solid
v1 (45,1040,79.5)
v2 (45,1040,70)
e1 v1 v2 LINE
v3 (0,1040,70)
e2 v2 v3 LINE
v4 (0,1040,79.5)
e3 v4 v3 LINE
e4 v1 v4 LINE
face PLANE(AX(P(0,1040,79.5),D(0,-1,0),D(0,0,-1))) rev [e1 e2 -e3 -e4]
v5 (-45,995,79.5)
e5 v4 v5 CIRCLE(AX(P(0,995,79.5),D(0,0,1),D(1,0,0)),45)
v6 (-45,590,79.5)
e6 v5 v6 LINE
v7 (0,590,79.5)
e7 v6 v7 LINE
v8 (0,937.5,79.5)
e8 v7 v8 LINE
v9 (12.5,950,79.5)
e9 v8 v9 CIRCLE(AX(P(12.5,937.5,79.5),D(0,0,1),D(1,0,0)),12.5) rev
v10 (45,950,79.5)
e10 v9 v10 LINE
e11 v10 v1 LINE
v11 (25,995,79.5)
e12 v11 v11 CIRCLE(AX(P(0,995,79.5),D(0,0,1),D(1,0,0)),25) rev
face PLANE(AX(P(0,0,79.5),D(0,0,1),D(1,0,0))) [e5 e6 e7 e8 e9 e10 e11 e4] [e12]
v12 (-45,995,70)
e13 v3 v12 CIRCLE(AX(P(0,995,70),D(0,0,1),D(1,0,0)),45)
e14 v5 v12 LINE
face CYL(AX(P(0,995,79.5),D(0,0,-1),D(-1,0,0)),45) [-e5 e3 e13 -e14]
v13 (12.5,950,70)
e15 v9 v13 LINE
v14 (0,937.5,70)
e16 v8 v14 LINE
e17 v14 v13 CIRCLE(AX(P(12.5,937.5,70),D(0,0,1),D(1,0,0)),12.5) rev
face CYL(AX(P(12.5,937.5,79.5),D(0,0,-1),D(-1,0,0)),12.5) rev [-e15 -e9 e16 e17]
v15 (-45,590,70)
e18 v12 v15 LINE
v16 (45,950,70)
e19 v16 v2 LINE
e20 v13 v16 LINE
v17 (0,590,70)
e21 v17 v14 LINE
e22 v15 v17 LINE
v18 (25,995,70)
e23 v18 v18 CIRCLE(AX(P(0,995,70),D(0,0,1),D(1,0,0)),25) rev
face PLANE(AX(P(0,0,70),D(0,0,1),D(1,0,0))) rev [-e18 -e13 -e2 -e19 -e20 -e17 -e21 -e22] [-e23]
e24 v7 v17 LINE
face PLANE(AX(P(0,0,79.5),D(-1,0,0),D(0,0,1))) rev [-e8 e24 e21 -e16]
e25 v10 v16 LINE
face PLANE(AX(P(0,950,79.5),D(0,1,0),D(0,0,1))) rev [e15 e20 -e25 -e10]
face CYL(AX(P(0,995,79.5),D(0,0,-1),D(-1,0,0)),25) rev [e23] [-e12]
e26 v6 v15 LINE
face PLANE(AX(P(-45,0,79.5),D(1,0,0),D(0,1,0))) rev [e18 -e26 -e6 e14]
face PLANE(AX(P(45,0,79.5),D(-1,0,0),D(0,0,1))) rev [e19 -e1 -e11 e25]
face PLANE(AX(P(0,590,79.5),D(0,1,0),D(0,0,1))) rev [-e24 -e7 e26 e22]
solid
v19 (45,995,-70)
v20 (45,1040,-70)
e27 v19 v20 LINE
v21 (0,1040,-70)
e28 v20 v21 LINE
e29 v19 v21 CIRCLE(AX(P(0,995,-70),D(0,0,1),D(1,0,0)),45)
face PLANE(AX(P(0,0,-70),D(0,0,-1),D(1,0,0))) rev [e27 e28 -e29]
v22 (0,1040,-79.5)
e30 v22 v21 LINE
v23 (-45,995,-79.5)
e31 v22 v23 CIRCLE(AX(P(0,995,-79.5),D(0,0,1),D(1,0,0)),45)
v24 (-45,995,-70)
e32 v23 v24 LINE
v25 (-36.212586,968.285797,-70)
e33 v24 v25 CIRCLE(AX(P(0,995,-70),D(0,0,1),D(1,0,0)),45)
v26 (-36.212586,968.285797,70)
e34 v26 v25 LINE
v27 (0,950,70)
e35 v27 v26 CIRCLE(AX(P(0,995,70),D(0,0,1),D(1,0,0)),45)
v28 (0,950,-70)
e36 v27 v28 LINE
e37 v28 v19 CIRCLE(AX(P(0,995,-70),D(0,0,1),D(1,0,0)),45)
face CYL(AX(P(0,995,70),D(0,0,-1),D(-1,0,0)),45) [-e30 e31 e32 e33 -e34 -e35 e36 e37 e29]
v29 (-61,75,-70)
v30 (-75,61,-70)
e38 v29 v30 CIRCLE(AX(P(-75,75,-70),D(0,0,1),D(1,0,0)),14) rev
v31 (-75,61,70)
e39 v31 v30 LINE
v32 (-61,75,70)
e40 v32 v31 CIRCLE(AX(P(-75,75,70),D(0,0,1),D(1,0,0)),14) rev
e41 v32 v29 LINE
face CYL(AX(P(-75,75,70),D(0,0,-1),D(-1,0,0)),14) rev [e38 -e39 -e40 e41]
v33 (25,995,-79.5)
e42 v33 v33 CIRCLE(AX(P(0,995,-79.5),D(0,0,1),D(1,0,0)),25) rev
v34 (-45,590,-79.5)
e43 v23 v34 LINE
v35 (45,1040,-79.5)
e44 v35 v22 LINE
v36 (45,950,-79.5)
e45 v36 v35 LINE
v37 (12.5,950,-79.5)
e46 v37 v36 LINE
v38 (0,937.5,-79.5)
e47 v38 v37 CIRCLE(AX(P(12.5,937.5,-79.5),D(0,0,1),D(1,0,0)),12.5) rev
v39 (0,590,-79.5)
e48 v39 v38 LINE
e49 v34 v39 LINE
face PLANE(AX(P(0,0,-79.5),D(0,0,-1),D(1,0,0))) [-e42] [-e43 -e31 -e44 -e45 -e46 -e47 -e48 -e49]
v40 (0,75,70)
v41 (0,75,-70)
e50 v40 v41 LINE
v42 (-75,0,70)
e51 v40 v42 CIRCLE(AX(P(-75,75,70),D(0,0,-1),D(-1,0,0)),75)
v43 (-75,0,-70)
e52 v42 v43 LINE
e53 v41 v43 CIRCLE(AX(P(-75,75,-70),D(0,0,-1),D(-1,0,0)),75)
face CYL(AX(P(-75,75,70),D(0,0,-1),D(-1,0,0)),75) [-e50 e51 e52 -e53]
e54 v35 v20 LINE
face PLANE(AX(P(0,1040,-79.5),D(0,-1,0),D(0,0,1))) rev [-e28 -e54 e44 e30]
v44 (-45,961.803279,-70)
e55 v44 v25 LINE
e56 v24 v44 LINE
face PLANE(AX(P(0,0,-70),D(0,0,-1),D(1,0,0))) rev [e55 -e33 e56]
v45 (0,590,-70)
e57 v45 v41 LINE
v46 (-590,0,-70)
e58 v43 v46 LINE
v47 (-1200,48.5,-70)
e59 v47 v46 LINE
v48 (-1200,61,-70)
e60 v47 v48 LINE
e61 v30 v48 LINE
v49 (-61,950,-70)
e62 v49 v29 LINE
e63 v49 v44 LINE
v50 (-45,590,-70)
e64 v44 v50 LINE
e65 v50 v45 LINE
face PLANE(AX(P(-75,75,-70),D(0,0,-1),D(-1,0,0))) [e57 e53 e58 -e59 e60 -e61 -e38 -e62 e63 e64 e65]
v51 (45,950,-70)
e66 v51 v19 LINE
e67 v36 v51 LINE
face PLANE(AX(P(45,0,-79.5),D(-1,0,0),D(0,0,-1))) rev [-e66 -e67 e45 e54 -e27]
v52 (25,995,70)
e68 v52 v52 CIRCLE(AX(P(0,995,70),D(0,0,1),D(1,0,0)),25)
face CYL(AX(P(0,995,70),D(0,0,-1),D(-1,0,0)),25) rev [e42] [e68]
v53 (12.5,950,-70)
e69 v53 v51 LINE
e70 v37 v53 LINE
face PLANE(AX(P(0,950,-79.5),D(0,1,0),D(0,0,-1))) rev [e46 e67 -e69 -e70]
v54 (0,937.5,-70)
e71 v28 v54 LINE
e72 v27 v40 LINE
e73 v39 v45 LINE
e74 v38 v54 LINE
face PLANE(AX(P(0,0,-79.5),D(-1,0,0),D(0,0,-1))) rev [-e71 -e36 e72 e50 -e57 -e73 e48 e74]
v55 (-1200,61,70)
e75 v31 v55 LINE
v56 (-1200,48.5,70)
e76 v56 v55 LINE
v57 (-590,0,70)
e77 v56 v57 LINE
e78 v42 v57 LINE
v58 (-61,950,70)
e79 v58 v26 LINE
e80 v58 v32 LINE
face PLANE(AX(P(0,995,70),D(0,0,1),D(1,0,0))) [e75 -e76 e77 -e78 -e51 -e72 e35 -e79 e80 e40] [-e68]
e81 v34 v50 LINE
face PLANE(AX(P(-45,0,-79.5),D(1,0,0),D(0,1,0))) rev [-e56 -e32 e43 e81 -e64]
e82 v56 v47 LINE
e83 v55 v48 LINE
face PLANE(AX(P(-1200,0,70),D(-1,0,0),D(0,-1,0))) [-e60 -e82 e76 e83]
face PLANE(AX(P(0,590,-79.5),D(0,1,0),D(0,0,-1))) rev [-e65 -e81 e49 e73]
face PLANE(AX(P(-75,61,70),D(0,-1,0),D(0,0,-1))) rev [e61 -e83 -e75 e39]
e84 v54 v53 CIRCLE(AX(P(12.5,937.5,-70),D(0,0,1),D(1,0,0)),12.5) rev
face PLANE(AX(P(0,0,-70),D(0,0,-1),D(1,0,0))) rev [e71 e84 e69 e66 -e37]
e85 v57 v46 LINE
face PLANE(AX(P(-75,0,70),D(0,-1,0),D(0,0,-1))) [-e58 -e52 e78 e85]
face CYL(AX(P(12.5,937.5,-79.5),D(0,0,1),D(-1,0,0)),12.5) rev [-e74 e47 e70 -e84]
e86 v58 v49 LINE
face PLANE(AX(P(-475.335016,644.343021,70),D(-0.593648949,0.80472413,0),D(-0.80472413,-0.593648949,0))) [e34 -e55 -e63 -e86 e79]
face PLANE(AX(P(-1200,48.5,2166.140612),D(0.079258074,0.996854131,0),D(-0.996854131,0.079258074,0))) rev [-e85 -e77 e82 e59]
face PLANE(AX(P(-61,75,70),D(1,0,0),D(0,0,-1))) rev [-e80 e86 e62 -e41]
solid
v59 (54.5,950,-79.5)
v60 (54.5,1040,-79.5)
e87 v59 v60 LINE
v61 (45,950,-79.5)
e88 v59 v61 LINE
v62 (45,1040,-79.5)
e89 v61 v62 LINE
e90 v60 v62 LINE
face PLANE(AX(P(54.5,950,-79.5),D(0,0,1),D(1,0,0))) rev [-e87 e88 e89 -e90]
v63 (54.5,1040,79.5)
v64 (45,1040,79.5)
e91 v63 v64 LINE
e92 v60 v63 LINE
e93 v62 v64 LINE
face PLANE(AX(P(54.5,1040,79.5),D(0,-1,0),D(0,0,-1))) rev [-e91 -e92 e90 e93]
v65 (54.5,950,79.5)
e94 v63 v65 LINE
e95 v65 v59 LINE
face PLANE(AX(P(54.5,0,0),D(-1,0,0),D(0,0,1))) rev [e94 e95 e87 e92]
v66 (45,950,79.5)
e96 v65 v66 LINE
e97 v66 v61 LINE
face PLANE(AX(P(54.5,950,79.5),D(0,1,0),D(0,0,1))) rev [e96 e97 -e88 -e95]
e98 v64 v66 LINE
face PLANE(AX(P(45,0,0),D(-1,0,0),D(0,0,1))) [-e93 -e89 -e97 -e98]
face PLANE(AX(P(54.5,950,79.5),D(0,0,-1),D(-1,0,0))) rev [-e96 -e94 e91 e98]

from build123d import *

# Parameters (mm, degrees)
EXTRUDE_THIN1_DEPTH     = 70
CUT_EXTRUDE2_DEPTH      = 1537.912489376
CUT_EXTRUDE2_DEPTH_BACK = 1537.912489376
SKETCH3_R               = 45
SKETCH3_R_2             = 25
BOSS_EXTRUDE1_DEPTH     = 70
BOSS_EXTRUDE2_DEPTH     = 70
SKETCH5_R               = 45
SKETCH5_R_2             = 25
BOSS_EXTRUDE3_DEPTH     = 9.5
SKETCH6_W               = 159
SKETCH6_H               = 90
BOSS_EXTRUDE4_DEPTH     = 9.5


with BuildPart() as part:
    # Sketch1 → Extrude-Thin1 (new, symmetric)
    with BuildSketch(Plane.XY):
        with BuildLine():
            Line((-1200, 0), (-75, 0))
            ThreePointArc((-75, 0), (-21.966991411, 21.966991411), (0, 75))
            Line((0, 75), (0, 950))
            Line((0, 950), (-61, 950))
            Line((-61, 950), (-61, 75))
            ThreePointArc((-61, 75), (-65.100505063, 65.100505063), (-75, 61))
            Line((-75, 61), (-1200, 61))
            Line((-1200, 61), (-1200, 0))
        make_face()
    extrude(amount=EXTRUDE_THIN1_DEPTH, both=True)

    # Sketch2 → Cut-Extrude2 (cut, two sides: drawn at the far end of the back side and taken through both)
    with BuildSketch(Plane.XY.offset(70).offset(-CUT_EXTRUDE2_DEPTH_BACK)):
        Polygon((-4202.326226889, 287.209544269), (-1200, 48.5), (-590, 0), (2412.326226889, -238.709544269), (1934.907138351, -6243.361998046), (-4679.745315427, -5717.442909508), align=None)
    extrude(amount=CUT_EXTRUDE2_DEPTH + CUT_EXTRUDE2_DEPTH_BACK, mode=Mode.SUBTRACT)


with BuildPart() as body_2:
    # Sketch3 → Boss-Extrude1 (new, symmetric)
    with BuildSketch(Plane.XY):
        with Locations((0, 995)):
            Circle(SKETCH3_R)
        with Locations((0, 995)):
            Circle(SKETCH3_R_2, mode=Mode.SUBTRACT)
    extrude(amount=BOSS_EXTRUDE1_DEPTH, both=True)


with BuildPart() as body_3:
    # Sketch4 → Boss-Extrude2 (new, symmetric)
    with BuildSketch(Plane.XY):
        with BuildLine():
            Line((-36.212585863, 968.285797314), (-61, 950))
            Line((-61, 950), (0, 950))
            ThreePointArc((0, 950), (-20.283748164, 954.830738612), (-36.212585863, 968.285797314))
        make_face()
    extrude(amount=BOSS_EXTRUDE2_DEPTH, both=True)


with BuildPart() as body_4:
    # Sketch5 → Boss-Extrude3 (new body)
    # profile 1 of 3: a face of its own
    with BuildSketch(Plane.XY.offset(70)):
        with Locations((0, 995)):
            Circle(SKETCH5_R)
        with Locations((0, 995)):
            Circle(SKETCH5_R_2, mode=Mode.SUBTRACT)
    # profile 2 of 3: a face of its own
    with BuildSketch(Plane.XY.offset(70)):
        with BuildLine():
            Line((45, 1040), (0, 1040))
            ThreePointArc((0, 1040), (31.819805153, 1026.819805153), (45, 995))
            Line((45, 995), (45, 1040))
        make_face()
    # profile 3 of 3: a face of its own
    with BuildSketch(Plane.XY.offset(70)):
        with BuildLine():
            ThreePointArc((45, 995), (0, 950), (-45, 995))
            Line((-45, 995), (-45, 590))
            Line((-45, 590), (0, 590))
            Line((0, 590), (0, 937.5))
            ThreePointArc((0, 937.5), (3.661165235, 946.338834765), (12.5, 950))
            Line((12.5, 950), (45, 950))
            Line((45, 950), (45, 995))
        make_face()
    boss_extrude3 = extrude(amount=BOSS_EXTRUDE3_DEPTH)


with BuildPart() as part_1:
    add(part.part)

    add(body_2.part)  # Mirror2 merges body 2

    add(body_3.part)  # Mirror2 merges body 3
    # Mirror2: Boss-Extrude3 across plane
    add(boss_extrude3.mirror(Plane.XY))


with BuildPart() as body_3_2:
    # Sketch6 → Boss-Extrude4 (new body)
    with BuildSketch(Plane(origin=(45, 0, 0), x_dir=(0, 0, -1), z_dir=(1, 0, 0))):
        with Locations((0, 995)):
            Rectangle(SKETCH6_W, SKETCH6_H)
    extrude(amount=BOSS_EXTRUDE4_DEPTH)


solid = Compound([body_4.part, part_1.part, body_3_2.part])
